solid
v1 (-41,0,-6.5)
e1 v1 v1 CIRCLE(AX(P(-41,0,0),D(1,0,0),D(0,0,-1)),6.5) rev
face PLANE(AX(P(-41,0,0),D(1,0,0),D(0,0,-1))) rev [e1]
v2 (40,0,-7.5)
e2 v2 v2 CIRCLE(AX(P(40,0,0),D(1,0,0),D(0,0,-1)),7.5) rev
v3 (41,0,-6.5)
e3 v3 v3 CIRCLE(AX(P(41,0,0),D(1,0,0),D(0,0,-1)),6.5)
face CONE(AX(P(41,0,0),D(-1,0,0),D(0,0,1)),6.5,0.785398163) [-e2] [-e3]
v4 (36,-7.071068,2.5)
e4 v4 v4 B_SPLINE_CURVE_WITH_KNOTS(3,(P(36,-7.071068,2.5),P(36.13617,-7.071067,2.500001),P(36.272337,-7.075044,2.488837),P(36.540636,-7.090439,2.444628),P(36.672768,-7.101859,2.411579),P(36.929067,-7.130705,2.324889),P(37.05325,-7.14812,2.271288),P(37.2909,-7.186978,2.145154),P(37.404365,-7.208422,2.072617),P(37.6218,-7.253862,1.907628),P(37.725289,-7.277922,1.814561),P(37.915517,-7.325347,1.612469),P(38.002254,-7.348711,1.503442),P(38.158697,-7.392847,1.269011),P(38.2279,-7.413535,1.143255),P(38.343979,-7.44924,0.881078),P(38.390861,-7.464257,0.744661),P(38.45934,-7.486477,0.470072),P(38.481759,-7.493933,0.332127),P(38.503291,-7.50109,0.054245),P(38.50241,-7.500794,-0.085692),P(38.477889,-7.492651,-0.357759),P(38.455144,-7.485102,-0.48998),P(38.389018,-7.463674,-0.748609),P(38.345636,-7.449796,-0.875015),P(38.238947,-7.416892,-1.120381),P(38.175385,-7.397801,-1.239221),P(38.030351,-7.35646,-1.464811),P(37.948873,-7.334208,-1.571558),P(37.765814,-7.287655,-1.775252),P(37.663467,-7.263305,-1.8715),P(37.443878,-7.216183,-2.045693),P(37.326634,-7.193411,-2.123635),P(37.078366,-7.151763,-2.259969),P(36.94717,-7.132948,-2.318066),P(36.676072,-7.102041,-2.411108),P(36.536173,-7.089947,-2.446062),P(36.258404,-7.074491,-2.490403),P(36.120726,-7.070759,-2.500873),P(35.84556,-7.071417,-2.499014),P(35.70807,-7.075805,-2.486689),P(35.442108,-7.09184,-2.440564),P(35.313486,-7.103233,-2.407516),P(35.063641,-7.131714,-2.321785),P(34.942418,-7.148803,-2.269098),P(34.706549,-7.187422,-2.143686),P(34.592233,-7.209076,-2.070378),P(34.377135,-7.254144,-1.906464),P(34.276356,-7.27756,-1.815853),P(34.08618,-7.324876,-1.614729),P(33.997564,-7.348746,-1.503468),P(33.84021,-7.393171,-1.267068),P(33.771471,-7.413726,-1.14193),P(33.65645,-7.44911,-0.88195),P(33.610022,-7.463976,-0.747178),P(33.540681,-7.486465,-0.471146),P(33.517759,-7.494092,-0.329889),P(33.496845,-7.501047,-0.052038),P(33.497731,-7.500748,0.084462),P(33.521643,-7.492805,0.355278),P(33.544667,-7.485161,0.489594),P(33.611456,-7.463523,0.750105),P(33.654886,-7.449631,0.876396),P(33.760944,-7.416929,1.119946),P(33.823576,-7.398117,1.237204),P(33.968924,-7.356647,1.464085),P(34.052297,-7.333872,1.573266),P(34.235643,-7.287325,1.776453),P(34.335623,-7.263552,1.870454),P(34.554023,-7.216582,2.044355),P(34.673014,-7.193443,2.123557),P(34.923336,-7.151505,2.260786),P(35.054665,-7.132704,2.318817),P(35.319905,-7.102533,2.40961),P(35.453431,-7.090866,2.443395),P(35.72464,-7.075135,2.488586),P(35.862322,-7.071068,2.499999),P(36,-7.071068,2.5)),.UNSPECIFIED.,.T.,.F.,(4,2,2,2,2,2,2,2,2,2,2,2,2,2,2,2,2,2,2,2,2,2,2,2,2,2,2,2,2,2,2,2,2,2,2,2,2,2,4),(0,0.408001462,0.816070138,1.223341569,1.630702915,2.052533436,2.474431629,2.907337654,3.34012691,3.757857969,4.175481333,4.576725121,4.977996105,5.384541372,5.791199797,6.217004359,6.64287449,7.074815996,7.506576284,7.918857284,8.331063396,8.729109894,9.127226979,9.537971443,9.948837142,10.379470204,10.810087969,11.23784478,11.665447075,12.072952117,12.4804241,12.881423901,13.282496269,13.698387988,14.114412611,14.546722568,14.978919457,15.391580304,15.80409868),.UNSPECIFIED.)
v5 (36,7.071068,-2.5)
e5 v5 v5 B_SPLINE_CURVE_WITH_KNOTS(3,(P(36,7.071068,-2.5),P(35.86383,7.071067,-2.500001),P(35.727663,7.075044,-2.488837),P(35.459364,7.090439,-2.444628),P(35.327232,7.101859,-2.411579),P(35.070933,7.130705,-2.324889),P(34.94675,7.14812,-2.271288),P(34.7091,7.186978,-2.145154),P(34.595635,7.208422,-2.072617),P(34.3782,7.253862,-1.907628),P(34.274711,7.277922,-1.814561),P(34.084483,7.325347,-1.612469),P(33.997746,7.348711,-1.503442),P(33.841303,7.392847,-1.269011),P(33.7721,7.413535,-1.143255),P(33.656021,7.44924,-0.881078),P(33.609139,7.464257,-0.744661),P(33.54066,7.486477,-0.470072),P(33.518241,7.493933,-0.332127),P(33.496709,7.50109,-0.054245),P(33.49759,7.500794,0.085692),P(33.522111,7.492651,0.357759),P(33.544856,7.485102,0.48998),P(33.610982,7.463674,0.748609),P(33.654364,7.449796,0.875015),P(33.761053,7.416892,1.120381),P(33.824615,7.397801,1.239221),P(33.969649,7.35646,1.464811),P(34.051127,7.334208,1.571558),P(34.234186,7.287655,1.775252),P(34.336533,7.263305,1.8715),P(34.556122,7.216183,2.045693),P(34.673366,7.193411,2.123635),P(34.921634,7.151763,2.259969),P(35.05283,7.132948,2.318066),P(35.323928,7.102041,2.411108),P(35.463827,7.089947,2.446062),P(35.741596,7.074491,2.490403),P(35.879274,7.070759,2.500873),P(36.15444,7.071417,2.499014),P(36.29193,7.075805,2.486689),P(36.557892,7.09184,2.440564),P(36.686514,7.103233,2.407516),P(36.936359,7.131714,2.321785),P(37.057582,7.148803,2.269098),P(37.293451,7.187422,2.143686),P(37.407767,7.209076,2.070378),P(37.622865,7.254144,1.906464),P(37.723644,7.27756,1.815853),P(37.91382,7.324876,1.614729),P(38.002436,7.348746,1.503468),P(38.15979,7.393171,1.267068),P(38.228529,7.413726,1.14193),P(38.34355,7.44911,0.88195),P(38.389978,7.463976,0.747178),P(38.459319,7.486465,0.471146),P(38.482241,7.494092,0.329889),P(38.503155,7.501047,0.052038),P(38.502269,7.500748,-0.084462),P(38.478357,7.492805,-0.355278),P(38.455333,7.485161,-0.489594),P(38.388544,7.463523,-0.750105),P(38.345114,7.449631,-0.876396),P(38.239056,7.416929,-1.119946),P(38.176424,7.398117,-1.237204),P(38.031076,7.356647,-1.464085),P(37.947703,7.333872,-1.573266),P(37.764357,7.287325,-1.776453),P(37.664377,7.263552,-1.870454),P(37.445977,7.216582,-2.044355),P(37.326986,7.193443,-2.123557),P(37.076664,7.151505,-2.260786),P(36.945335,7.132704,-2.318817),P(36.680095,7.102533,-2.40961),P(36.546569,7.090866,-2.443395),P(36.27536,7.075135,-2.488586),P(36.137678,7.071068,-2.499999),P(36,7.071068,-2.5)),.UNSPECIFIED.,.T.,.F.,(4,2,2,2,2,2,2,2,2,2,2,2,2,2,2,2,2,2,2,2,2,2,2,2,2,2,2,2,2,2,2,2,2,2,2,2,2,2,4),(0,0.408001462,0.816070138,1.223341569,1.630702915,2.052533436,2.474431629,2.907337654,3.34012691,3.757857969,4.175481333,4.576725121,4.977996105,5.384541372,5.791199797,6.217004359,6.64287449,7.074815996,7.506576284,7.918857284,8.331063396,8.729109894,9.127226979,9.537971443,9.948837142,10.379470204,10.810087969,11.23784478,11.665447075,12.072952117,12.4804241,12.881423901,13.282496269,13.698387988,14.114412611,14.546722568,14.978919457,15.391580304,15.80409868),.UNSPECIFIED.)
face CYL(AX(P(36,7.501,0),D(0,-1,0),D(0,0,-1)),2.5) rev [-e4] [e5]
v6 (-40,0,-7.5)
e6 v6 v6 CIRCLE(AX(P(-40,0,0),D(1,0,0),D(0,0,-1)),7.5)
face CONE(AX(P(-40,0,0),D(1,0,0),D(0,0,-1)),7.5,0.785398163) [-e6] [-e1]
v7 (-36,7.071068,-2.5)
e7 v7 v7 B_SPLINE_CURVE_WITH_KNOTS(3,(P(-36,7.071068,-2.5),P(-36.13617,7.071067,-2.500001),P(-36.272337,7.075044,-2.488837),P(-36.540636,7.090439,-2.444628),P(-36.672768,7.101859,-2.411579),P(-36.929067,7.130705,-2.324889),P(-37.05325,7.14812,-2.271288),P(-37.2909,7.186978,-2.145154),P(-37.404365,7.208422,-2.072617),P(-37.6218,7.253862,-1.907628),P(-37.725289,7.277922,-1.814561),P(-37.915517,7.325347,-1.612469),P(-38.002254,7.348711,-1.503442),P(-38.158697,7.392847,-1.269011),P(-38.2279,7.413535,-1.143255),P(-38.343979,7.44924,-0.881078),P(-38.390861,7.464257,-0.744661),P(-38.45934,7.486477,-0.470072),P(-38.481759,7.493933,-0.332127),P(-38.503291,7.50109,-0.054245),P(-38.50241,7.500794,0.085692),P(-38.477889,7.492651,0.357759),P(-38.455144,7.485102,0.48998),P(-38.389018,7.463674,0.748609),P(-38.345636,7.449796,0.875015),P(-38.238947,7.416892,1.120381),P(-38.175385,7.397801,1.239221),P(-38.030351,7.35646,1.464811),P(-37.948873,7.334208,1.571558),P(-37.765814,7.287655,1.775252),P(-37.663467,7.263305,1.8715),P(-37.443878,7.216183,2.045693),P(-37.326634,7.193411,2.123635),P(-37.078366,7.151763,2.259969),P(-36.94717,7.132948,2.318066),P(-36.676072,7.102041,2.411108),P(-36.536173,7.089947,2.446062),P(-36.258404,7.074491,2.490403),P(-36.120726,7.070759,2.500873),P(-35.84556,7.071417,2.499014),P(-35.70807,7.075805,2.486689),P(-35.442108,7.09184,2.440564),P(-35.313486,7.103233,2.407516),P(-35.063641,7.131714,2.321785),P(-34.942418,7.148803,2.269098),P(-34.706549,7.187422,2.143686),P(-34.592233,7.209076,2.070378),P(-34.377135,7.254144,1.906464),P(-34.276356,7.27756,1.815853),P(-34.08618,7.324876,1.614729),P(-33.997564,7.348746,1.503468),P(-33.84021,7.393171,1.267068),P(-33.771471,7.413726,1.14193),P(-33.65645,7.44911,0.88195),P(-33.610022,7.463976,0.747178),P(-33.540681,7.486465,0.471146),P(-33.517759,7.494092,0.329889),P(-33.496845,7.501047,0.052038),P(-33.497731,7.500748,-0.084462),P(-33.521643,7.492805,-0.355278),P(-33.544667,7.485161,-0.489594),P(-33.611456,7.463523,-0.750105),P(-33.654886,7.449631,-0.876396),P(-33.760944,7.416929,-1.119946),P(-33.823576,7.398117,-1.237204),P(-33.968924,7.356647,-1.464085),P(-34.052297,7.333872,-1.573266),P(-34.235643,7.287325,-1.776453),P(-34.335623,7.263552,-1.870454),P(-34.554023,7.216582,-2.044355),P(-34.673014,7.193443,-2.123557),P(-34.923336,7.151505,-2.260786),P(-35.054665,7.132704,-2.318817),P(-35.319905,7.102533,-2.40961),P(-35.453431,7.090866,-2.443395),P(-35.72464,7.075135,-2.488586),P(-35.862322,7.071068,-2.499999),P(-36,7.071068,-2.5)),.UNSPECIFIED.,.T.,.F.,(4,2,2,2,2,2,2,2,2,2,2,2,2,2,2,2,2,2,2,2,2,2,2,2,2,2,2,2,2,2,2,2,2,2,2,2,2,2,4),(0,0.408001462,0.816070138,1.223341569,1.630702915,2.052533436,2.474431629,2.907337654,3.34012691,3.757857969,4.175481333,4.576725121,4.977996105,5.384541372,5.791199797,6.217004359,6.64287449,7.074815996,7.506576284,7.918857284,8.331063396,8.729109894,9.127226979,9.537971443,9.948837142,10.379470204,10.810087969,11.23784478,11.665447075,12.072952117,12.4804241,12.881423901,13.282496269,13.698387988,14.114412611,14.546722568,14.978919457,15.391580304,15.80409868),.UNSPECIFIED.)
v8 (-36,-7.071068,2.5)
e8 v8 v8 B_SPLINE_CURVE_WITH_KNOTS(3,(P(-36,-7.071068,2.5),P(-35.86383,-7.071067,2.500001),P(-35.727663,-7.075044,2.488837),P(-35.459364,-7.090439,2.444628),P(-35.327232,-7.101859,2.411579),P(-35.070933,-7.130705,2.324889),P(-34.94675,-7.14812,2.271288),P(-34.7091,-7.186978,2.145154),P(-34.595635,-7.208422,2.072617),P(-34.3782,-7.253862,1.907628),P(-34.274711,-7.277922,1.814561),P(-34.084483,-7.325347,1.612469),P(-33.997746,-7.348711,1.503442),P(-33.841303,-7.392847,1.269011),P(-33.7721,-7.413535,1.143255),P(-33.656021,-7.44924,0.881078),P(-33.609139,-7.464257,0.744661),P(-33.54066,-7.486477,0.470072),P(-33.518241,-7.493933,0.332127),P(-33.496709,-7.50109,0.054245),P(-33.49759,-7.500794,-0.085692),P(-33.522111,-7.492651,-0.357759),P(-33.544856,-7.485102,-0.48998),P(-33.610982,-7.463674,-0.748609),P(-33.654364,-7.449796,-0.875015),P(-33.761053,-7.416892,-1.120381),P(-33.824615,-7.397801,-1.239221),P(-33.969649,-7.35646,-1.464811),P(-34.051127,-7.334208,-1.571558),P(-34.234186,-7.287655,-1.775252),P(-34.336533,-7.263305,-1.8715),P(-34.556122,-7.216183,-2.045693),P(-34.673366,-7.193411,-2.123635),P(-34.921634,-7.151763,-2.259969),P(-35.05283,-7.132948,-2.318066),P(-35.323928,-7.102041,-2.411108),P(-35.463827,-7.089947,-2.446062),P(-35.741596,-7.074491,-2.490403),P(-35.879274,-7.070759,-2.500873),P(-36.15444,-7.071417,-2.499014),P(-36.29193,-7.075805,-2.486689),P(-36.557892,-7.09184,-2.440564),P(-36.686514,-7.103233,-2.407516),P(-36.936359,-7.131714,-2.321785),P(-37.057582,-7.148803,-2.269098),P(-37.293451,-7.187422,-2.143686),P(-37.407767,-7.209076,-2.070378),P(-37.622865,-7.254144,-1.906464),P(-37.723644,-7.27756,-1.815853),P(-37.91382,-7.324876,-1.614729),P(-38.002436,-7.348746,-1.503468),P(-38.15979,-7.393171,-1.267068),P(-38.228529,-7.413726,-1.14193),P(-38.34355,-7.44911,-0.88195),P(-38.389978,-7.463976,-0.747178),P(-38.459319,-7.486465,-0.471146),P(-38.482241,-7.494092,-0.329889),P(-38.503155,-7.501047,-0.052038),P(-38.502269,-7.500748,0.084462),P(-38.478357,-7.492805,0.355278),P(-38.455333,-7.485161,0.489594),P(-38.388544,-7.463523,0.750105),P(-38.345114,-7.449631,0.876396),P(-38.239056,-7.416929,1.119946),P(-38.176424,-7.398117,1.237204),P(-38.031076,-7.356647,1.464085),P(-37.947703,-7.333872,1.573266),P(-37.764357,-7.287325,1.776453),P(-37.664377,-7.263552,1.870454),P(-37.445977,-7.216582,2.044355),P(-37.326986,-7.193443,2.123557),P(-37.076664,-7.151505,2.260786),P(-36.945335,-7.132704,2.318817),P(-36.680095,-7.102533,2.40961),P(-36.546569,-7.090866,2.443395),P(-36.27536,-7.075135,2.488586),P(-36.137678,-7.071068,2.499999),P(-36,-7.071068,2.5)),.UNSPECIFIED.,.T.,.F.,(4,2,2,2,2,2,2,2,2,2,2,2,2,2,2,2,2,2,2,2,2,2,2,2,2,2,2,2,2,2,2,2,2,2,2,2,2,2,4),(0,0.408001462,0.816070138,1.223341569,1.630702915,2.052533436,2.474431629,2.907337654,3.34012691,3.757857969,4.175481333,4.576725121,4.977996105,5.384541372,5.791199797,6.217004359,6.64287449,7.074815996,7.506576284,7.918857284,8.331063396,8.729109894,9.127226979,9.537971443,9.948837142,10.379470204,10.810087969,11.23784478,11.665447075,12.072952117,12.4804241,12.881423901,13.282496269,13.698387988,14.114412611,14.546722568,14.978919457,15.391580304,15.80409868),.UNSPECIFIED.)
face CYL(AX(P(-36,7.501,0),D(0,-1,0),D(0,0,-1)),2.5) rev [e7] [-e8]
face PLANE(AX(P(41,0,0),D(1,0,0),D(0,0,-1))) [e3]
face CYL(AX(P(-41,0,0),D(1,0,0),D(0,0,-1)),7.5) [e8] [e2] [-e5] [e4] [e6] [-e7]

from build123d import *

# Parameters (mm, degrees)
DODANIE_WYCI_GNI_CIE1_DEPTH                 = 41
DODANIE_WYCI_GNI_CIE1_DEPTH_BACK            = 41
SZKIC2_R                                    = 7.5
WYTNIJ_WYCI_GNI_CIE1_REACH                  = 44.35
WYTNIJ_WYCI_GNI_CIE1_END_RADIUS             = 7.5
SZKIC3_R                                    = 2.5
WYTNIJ_WYCI_GNI_CIE1_DIRECTION_2_REACH      = 44.35
WYTNIJ_WYCI_GNI_CIE1_DIRECTION_2_END_RADIUS = 7.5
SFAZOWANIE1_SIZE                            = 1


with BuildPart() as part:
    # Szkic2 → Dodanie-wyciągnięcie1 (new, two sides: drawn at the far end of the back side and taken through both)
    with BuildSketch(Plane(origin=(0, 0, 0), x_dir=(0, 0, -1), z_dir=(1, 0, 0)).offset(-DODANIE_WYCI_GNI_CIE1_DEPTH_BACK)):
        Circle(SZKIC2_R)
    extrude(amount=DODANIE_WYCI_GNI_CIE1_DEPTH + DODANIE_WYCI_GNI_CIE1_DEPTH_BACK)

    # Wytnij-wyciągnięcie1: up to this cylinder (the profile starts inside it)
    wytnij_wyci_gni_cie1_end = Plane(origin=(0, 0, 0), z_dir=(1, 0, 0)) * Cylinder(WYTNIJ_WYCI_GNI_CIE1_END_RADIUS, 176.7, mode=Mode.PRIVATE)
    # Szkic3 → Wytnij-wyciągnięcie1 (cut, up to the surface)
    with BuildSketch(Plane(origin=(0, 0, 0), x_dir=(1, 0, 0), z_dir=(0, 1, 0)), mode=Mode.PRIVATE) as wytnij_wyci_gni_cie1_sk1:
        with Locations(Location((-36, 0, 0), (0, 0, 90))):
            Circle(SZKIC3_R)
    wytnij_wyci_gni_cie1_tool1 = extrude(wytnij_wyci_gni_cie1_sk1.sketch, amount=-WYTNIJ_WYCI_GNI_CIE1_REACH, mode=Mode.PRIVATE) & wytnij_wyci_gni_cie1_end
    add(wytnij_wyci_gni_cie1_tool1.solids().sort_by_distance((-36, 0, 0))[0], mode=Mode.SUBTRACT)
    # Szkic3 → Wytnij-wyciągnięcie1 (cut, up to the surface)
    with BuildSketch(Plane(origin=(0, 0, 0), x_dir=(1, 0, 0), z_dir=(0, 1, 0)), mode=Mode.PRIVATE) as wytnij_wyci_gni_cie1_sk2:
        with Locations(Location((36, 0, 0), (0, 0, 90))):
            Circle(SZKIC3_R)
    wytnij_wyci_gni_cie1_tool2 = extrude(wytnij_wyci_gni_cie1_sk2.sketch, amount=-WYTNIJ_WYCI_GNI_CIE1_REACH, mode=Mode.PRIVATE) & wytnij_wyci_gni_cie1_end
    add(wytnij_wyci_gni_cie1_tool2.solids().sort_by_distance((36, 0, 0))[0], mode=Mode.SUBTRACT)

    # Wytnij-wyciągnięcie1 direction 2: up to this cylinder (the profile starts inside it)
    wytnij_wyci_gni_cie1_direction_2_end = Plane(origin=(0, 0, 0), z_dir=(1, 0, 0)) * Cylinder(WYTNIJ_WYCI_GNI_CIE1_DIRECTION_2_END_RADIUS, 176.7, mode=Mode.PRIVATE)
    # Szkic3 → Wytnij-wyciągnięcie1 direction 2 (cut, up to the surface)
    with BuildSketch(Plane(origin=(0, 0, 0), x_dir=(1, 0, 0), z_dir=(0, 1, 0)), mode=Mode.PRIVATE) as wytnij_wyci_gni_cie1_direction_2_sk1:
        with Locations(Location((-36, 0, 0), (0, 0, 90))):
            Circle(SZKIC3_R)
    wytnij_wyci_gni_cie1_direction_2_tool1 = extrude(wytnij_wyci_gni_cie1_direction_2_sk1.sketch, amount=WYTNIJ_WYCI_GNI_CIE1_DIRECTION_2_REACH, mode=Mode.PRIVATE) & wytnij_wyci_gni_cie1_direction_2_end
    add(wytnij_wyci_gni_cie1_direction_2_tool1.solids().sort_by_distance((-36, 0, 0))[0], mode=Mode.SUBTRACT)
    # Szkic3 → Wytnij-wyciągnięcie1 direction 2 (cut, up to the surface)
    with BuildSketch(Plane(origin=(0, 0, 0), x_dir=(1, 0, 0), z_dir=(0, 1, 0)), mode=Mode.PRIVATE) as wytnij_wyci_gni_cie1_direction_2_sk2:
        with Locations(Location((36, 0, 0), (0, 0, 90))):
            Circle(SZKIC3_R)
    wytnij_wyci_gni_cie1_direction_2_tool2 = extrude(wytnij_wyci_gni_cie1_direction_2_sk2.sketch, amount=WYTNIJ_WYCI_GNI_CIE1_DIRECTION_2_REACH, mode=Mode.PRIVATE) & wytnij_wyci_gni_cie1_direction_2_end
    add(wytnij_wyci_gni_cie1_direction_2_tool2.solids().sort_by_distance((36, 0, 0))[0], mode=Mode.SUBTRACT)

    # Sfazowanie1
    sfazowanie1_edges = [part.edges().sort_by_distance(p)[0] for p in [
        (-41, 0, 7.5),
        (41, 0, 7.5),
    ]]
    chamfer(sfazowanie1_edges, length=SFAZOWANIE1_SIZE)


solid = part.part
